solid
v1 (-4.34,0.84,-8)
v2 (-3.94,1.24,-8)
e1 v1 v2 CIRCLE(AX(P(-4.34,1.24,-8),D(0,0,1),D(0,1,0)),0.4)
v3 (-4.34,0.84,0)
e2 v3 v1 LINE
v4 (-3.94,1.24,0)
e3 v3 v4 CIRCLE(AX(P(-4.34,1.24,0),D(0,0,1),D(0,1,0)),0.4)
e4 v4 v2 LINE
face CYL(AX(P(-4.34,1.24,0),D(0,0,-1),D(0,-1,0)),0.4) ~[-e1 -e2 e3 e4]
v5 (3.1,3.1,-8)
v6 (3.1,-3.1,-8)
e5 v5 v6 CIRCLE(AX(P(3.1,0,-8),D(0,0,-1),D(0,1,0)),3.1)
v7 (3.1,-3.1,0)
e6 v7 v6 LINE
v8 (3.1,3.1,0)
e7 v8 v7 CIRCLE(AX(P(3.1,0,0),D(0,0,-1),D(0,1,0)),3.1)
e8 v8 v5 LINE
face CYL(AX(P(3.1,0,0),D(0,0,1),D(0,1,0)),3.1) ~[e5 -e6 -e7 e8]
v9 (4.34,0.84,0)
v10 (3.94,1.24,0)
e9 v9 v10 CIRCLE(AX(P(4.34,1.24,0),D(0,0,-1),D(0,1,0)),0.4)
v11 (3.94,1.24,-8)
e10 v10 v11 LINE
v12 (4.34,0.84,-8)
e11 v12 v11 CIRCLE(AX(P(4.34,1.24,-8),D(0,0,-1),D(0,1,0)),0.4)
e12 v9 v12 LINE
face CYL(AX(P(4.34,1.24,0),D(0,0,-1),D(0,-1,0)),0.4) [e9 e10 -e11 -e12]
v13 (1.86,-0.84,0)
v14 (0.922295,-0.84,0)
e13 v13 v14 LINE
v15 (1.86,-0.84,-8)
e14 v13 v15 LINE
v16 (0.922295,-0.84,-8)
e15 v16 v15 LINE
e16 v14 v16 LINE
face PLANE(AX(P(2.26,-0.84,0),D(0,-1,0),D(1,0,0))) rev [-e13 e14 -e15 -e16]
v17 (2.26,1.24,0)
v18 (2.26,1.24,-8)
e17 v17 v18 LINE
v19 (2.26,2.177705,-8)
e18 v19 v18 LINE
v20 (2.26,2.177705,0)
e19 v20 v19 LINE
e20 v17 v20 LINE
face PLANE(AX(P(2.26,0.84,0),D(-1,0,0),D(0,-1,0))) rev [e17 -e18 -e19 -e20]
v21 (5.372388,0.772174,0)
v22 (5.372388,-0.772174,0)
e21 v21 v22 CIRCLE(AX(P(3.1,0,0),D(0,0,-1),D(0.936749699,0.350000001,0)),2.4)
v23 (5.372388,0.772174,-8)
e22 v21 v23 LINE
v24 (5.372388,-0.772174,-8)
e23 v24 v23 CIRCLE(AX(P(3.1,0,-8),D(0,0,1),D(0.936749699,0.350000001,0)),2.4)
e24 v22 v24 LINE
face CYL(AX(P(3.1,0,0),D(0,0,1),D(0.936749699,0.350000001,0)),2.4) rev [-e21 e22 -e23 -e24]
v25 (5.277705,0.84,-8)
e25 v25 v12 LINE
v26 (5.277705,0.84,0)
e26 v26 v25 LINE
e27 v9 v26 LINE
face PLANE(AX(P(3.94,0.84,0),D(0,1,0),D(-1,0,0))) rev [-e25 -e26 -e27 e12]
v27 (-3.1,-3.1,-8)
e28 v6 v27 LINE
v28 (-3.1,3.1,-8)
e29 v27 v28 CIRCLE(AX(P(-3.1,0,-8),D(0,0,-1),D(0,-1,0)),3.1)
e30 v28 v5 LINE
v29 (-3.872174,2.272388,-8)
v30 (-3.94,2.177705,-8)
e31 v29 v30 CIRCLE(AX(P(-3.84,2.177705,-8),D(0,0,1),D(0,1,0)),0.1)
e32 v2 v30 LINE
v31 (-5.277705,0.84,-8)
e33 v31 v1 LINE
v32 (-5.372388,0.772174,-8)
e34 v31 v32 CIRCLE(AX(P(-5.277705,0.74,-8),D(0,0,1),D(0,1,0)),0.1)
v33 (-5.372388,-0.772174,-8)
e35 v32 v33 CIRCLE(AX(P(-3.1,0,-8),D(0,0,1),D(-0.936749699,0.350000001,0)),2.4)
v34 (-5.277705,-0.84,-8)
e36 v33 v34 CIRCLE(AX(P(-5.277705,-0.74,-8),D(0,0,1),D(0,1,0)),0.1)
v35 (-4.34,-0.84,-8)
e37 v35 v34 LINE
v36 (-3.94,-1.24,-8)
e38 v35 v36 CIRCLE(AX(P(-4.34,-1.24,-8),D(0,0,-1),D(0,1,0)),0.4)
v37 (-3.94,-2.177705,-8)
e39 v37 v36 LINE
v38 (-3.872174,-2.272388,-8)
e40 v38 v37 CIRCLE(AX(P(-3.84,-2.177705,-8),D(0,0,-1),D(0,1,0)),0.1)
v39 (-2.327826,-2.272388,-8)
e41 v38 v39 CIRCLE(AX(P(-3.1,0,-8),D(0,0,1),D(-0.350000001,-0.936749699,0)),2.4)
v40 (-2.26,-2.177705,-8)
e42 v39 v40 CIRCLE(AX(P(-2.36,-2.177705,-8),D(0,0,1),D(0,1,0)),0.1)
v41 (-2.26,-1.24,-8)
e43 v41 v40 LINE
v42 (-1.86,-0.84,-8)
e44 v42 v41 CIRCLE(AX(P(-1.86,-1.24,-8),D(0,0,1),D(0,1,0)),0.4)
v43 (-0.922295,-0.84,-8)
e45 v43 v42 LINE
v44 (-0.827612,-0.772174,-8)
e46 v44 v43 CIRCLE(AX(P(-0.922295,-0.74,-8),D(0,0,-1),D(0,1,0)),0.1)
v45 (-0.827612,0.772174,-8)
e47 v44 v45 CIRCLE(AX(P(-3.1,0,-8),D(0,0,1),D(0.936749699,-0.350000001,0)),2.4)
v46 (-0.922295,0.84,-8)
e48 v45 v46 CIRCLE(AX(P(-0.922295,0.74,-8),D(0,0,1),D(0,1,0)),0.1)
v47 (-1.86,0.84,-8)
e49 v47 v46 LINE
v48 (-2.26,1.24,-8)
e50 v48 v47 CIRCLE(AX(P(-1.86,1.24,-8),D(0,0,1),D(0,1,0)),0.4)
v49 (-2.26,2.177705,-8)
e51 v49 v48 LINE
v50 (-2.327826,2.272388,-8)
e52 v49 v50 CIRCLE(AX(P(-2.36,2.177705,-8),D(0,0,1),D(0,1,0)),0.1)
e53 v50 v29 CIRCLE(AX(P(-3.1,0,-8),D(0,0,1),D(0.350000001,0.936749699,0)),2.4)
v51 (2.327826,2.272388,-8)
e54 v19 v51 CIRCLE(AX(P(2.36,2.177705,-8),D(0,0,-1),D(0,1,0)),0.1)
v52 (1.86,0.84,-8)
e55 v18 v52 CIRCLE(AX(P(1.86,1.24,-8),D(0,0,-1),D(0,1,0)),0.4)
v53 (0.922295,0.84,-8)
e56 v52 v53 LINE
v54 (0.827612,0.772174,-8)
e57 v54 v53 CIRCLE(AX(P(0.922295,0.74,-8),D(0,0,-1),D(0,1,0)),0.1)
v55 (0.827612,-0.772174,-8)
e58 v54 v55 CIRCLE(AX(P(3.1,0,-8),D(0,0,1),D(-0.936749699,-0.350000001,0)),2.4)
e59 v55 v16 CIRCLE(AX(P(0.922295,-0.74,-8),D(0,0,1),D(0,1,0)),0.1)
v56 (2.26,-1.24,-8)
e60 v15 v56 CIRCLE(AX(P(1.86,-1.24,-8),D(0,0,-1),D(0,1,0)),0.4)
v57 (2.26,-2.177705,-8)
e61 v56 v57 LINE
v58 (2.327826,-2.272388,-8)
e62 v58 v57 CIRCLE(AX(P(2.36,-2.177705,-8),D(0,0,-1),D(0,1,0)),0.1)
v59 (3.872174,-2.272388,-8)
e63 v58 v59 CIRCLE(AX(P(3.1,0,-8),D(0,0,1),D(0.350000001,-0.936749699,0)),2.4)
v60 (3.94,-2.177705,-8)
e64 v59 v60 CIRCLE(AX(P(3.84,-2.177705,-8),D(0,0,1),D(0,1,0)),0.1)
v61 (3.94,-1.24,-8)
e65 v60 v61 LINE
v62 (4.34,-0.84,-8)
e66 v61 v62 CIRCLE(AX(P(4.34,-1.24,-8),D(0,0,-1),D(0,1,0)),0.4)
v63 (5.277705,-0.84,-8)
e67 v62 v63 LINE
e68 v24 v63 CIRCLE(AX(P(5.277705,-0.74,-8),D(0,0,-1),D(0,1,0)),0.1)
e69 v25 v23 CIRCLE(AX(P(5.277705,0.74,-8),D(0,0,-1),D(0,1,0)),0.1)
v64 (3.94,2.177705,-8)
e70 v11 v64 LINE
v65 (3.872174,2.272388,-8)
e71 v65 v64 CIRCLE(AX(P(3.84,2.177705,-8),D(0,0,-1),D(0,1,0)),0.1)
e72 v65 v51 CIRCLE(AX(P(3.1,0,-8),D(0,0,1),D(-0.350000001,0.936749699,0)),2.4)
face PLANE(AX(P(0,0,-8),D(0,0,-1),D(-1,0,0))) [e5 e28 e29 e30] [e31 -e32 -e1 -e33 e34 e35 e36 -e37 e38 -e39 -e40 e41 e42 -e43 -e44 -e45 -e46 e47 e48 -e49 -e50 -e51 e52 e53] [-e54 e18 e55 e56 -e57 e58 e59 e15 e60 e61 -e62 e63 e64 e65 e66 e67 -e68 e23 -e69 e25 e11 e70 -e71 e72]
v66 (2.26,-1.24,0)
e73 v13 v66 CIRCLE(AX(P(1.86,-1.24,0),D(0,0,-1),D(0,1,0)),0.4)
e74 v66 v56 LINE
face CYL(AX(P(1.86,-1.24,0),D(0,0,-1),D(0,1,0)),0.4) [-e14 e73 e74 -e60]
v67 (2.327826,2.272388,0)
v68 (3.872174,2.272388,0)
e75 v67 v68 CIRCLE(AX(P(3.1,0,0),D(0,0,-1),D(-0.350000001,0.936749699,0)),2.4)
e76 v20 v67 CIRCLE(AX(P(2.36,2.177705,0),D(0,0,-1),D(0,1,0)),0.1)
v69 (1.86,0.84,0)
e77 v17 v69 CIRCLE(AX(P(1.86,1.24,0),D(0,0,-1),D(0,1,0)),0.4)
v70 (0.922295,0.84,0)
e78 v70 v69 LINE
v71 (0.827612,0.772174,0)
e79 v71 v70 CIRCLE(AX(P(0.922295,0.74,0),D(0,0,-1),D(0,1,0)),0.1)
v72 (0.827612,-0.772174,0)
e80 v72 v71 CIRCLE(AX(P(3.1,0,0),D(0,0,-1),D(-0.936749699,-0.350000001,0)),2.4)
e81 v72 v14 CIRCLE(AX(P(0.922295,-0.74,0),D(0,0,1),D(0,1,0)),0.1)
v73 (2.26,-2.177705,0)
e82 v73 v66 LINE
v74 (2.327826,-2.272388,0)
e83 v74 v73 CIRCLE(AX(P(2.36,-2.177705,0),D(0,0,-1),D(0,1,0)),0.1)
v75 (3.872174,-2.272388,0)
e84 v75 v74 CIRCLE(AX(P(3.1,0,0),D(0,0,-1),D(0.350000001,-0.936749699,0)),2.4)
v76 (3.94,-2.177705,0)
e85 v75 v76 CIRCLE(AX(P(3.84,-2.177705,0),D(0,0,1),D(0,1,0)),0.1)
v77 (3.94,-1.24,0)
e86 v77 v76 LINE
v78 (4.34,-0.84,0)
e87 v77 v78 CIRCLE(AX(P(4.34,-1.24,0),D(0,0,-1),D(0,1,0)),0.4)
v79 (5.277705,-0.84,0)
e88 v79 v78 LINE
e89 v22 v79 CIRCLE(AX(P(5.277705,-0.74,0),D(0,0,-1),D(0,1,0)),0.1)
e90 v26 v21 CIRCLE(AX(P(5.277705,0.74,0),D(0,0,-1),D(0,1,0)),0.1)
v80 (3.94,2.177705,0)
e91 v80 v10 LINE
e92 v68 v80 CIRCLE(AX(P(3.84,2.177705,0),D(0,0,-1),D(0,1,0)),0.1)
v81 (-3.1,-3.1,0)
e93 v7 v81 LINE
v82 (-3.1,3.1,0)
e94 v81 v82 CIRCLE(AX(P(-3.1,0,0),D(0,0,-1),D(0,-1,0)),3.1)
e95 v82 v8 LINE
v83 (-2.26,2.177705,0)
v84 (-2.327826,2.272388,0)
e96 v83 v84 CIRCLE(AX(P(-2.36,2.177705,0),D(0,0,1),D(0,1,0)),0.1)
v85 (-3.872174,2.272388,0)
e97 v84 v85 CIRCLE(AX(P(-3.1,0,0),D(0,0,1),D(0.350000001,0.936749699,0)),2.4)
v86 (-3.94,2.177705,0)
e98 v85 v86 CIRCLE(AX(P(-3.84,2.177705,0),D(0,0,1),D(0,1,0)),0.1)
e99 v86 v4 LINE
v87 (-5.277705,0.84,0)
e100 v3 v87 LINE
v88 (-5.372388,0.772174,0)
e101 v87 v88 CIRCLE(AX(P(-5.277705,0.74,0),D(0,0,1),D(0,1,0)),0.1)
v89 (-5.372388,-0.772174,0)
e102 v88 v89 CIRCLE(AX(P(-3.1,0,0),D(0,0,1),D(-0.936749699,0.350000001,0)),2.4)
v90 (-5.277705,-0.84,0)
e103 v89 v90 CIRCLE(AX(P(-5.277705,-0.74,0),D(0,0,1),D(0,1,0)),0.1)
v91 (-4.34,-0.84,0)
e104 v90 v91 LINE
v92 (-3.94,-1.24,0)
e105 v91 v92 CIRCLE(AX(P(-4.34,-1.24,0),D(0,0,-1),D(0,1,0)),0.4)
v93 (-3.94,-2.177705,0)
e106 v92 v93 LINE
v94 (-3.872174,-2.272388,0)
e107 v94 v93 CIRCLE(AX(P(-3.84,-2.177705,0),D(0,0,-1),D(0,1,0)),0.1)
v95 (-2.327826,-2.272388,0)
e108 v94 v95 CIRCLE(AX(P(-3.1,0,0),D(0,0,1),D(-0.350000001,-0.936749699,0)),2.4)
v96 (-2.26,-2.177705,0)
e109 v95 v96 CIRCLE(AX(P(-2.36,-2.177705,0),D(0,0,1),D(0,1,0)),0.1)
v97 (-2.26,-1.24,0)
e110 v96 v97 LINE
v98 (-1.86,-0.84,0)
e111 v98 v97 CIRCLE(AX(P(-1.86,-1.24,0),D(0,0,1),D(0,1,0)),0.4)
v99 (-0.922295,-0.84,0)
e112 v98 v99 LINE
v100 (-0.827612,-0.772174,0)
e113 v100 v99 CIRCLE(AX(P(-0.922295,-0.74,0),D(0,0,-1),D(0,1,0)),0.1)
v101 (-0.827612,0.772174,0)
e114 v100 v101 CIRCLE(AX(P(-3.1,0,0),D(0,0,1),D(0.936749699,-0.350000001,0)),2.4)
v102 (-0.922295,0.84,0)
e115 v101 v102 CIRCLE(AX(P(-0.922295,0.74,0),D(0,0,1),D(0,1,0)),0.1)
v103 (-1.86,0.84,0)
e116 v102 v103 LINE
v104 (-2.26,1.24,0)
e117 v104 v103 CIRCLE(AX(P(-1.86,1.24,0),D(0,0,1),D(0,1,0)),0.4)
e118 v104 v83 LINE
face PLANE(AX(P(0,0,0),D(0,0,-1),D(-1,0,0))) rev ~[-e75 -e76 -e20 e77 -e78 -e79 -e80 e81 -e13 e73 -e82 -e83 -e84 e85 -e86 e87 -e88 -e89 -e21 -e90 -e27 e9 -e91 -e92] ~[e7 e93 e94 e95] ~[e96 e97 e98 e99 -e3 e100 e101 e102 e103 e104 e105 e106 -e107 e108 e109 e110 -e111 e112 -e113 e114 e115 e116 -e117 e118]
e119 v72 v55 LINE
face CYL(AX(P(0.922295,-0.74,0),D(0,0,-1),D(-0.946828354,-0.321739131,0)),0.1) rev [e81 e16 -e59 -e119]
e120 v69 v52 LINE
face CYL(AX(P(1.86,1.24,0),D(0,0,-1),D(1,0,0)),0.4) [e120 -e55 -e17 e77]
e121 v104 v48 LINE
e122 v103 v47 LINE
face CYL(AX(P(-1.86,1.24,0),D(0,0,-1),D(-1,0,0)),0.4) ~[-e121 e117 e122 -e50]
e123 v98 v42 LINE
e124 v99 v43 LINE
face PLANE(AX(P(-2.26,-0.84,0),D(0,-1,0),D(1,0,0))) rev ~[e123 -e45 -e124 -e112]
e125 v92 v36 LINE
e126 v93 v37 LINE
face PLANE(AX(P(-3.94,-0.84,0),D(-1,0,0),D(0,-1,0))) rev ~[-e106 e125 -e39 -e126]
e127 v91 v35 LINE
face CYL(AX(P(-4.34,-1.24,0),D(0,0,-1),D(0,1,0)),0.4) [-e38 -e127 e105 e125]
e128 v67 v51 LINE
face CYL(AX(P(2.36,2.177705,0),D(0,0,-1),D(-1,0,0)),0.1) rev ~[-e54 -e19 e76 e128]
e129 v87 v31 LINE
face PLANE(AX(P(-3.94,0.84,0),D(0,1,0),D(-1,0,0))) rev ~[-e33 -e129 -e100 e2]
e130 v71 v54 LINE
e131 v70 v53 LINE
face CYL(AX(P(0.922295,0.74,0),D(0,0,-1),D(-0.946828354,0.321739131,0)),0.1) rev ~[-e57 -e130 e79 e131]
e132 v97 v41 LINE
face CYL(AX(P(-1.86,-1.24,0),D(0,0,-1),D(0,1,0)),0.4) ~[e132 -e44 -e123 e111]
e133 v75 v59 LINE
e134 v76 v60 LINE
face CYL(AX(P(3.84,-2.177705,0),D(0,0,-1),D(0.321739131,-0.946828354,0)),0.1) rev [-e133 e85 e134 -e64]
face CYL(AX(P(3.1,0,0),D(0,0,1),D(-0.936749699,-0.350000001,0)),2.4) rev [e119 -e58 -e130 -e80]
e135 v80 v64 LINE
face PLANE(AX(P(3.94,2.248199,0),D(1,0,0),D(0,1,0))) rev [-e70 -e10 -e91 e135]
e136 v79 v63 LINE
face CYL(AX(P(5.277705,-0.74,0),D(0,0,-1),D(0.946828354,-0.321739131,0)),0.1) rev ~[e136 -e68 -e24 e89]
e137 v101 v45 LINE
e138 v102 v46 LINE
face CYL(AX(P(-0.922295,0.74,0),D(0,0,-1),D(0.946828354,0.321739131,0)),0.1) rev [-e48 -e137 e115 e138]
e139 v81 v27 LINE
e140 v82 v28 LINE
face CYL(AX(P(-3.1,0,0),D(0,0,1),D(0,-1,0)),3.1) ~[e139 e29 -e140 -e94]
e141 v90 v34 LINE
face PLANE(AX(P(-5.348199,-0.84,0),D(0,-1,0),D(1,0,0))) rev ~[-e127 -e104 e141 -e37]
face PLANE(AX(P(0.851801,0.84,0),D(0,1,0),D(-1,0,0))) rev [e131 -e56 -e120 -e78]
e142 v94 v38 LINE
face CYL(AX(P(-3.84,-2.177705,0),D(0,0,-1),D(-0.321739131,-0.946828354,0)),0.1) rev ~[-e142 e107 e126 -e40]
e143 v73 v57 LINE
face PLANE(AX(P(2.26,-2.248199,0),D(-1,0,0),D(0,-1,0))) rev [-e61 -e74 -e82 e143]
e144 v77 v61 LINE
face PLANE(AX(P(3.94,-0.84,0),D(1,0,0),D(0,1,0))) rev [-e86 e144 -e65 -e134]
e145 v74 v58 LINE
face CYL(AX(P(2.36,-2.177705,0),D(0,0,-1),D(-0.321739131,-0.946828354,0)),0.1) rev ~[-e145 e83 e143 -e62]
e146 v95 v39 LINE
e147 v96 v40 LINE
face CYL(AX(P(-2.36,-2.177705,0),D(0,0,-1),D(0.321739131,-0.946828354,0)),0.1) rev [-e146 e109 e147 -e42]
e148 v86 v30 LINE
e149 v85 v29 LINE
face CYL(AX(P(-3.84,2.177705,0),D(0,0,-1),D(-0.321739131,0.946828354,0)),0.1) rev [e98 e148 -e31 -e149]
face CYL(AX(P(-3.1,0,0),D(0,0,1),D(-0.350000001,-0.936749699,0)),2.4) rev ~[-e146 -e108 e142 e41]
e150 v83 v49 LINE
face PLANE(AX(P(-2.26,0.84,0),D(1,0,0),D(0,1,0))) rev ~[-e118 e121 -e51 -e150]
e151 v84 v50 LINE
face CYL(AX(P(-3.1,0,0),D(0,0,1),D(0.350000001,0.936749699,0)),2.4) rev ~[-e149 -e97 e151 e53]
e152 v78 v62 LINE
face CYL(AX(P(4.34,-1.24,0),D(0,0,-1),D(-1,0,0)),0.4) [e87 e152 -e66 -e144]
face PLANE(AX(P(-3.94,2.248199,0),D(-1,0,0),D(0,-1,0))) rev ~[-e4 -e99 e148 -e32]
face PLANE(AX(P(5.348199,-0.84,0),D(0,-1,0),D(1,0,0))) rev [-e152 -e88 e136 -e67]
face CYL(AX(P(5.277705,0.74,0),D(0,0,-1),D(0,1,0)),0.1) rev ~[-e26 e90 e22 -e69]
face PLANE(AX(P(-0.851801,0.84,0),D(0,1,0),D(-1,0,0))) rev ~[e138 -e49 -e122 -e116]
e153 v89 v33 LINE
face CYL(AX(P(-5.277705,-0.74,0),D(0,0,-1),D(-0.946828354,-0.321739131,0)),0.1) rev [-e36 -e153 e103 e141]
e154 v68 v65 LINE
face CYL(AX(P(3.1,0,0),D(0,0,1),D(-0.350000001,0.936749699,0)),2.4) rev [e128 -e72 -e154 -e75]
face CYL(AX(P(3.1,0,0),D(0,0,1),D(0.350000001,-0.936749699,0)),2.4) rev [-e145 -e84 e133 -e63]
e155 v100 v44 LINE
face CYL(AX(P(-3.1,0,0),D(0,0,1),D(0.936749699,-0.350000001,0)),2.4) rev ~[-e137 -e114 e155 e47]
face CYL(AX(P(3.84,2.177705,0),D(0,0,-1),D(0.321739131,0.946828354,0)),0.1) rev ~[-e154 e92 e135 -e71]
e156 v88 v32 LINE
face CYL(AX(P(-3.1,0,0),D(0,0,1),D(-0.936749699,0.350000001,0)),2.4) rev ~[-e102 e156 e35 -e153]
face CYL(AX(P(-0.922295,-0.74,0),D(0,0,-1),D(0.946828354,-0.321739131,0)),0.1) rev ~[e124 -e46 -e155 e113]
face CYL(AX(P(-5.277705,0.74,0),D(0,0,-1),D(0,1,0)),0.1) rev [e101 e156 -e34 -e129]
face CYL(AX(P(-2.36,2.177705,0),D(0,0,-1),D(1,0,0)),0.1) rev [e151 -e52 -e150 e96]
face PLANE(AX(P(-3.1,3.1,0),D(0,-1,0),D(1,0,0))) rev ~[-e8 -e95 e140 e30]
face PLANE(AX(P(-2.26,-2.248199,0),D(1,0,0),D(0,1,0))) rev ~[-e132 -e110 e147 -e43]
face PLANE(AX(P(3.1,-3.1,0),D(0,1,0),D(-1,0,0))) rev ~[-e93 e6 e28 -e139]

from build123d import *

# Parameters (mm, degrees)
BOSS_EXTRUDE1_DEPTH   = 8
CUT_EXTRUDE1_DEPTH    = 11.585367259
FILLET1_R             = 0.4
FILLET2_R             = 0.4
FILLET3_R             = 0.4
FILLET4_R             = 0.4
FILLET5_R             = 0.1
FILLET6_R             = 0.1
FILLET7_R             = 0.1
FILLET8_R             = 0.1
FILLET9_R             = 0.1
FILLET10_R            = 0.1
FILLET11_R            = 0.1
FILLET12_R            = 0.1
FILLET1_OF_MIRROR1_R  = 0.4
FILLET2_OF_MIRROR1_R  = 0.4
FILLET3_OF_MIRROR1_R  = 0.4
FILLET4_OF_MIRROR1_R  = 0.4
FILLET5_OF_MIRROR1_R  = 0.1
FILLET6_OF_MIRROR1_R  = 0.1
FILLET7_OF_MIRROR1_R  = 0.1
FILLET8_OF_MIRROR1_R  = 0.1
FILLET9_OF_MIRROR1_R  = 0.1
FILLET10_OF_MIRROR1_R = 0.1
FILLET11_OF_MIRROR1_R = 0.1
FILLET12_OF_MIRROR1_R = 0.1


with BuildPart() as part:
    # Sketch2 → Boss-Extrude1 (new body)
    with BuildSketch(Plane.XY):
        with BuildLine():
            Line((-3.1, 3.1), (3.1, 3.1))
            ThreePointArc((3.1, 3.1), (6.2, 0), (3.1, -3.1))
            Line((3.1, -3.1), (-3.1, -3.1))
            ThreePointArc((-3.1, -3.1), (-6.2, 0), (-3.1, 3.1))
        make_face()
    extrude(amount=-BOSS_EXTRUDE1_DEPTH)

    # Sketch4 → Cut-Extrude1 (cut, through all)
    with BuildSketch(Plane.XY):
        with BuildLine():
            Line((-3.94, -0.84), (-3.94, -2.248199279))
            ThreePointArc((-3.94, -2.248199279), (-3.1, -2.4), (-2.26, -2.248199279))
            Line((-2.26, -2.248199279), (-2.26, -0.84))
            Line((-2.26, -0.84), (-0.851800721, -0.84))
            ThreePointArc((-0.851800721, -0.84), (-0.7, 0), (-0.851800721, 0.84))
            Line((-0.851800721, 0.84), (-2.26, 0.84))
            Line((-2.26, 0.84), (-2.26, 2.248199279))
            ThreePointArc((-2.26, 2.248199279), (-3.1, 2.4), (-3.94, 2.248199279))
            Line((-3.94, 2.248199279), (-3.94, 0.84))
            Line((-3.94, 0.84), (-5.348199279, 0.84))
            ThreePointArc((-5.348199279, 0.84), (-5.5, 0), (-5.348199279, -0.84))
            Line((-5.348199279, -0.84), (-3.94, -0.84))
        make_face()
    cut_extrude1 = extrude(amount=-CUT_EXTRUDE1_DEPTH, mode=Mode.SUBTRACT)

    # Fillet1
    fillet1_edges = [part.edges().sort_by_distance(p)[0] for p in [
        (-3.94, -0.84, -4),
    ]]
    fillet(fillet1_edges, radius=FILLET1_R)

    # Fillet2
    fillet2_edges = [part.edges().sort_by_distance(p)[0] for p in [
        (-3.94, 0.84, -4),
    ]]
    fillet(fillet2_edges, radius=FILLET2_R)

    # Fillet3
    fillet3_edges = [part.edges().sort_by_distance(p)[0] for p in [
        (-2.26, 0.84, -4),
    ]]
    fillet(fillet3_edges, radius=FILLET3_R)

    # Fillet4
    fillet4_edges = [part.edges().sort_by_distance(p)[0] for p in [
        (-2.26, -0.84, -4),
    ]]
    fillet(fillet4_edges, radius=FILLET4_R)

    # Fillet5
    fillet5_edges = [part.edges().sort_by_distance(p)[0] for p in [
        (-3.94, -2.248199279, -4),
    ]]
    fillet(fillet5_edges, radius=FILLET5_R)

    # Fillet6
    fillet6_edges = [part.edges().sort_by_distance(p)[0] for p in [
        (-2.26, -2.248199279, -4),
    ]]
    fillet(fillet6_edges, radius=FILLET6_R)

    # Fillet7
    fillet7_edges = [part.edges().sort_by_distance(p)[0] for p in [
        (-0.851800721, 0.84, -4),
    ]]
    fillet(fillet7_edges, radius=FILLET7_R)

    # Fillet8
    fillet8_edges = [part.edges().sort_by_distance(p)[0] for p in [
        (-0.851800721, -0.84, -4),
    ]]
    fillet(fillet8_edges, radius=FILLET8_R)

    # Fillet9
    fillet9_edges = [part.edges().sort_by_distance(p)[0] for p in [
        (-2.26, 2.248199279, -4),
    ]]
    fillet(fillet9_edges, radius=FILLET9_R)

    # Fillet10
    fillet10_edges = [part.edges().sort_by_distance(p)[0] for p in [
        (-3.94, 2.248199279, -4),
    ]]
    fillet(fillet10_edges, radius=FILLET10_R)

    # Fillet11
    fillet11_edges = [part.edges().sort_by_distance(p)[0] for p in [
        (-5.348199279, 0.84, -4),
    ]]
    fillet(fillet11_edges, radius=FILLET11_R)

    # Fillet12
    fillet12_edges = [part.edges().sort_by_distance(p)[0] for p in [
        (-5.348199279, -0.84, -4),
    ]]
    fillet(fillet12_edges, radius=FILLET12_R)

    # Mirror1: Cut-Extrude1 across plane
    add(cut_extrude1.mirror(Plane(origin=(0, 0, 0), x_dir=(0, 0, 1), z_dir=(1, 0, 0))), mode=Mode.SUBTRACT)

    # Fillet1 of Mirror1
    fillet1_of_mirror1_edges = [part.edges().sort_by_distance(p)[0] for p in [
        (3.94, -0.84, -4),
    ]]
    fillet(fillet1_of_mirror1_edges, radius=FILLET1_OF_MIRROR1_R)

    # Fillet2 of Mirror1
    fillet2_of_mirror1_edges = [part.edges().sort_by_distance(p)[0] for p in [
        (3.94, 0.84, -4),
    ]]
    fillet(fillet2_of_mirror1_edges, radius=FILLET2_OF_MIRROR1_R)

    # Fillet3 of Mirror1
    fillet3_of_mirror1_edges = [part.edges().sort_by_distance(p)[0] for p in [
        (2.26, 0.84, -4),
    ]]
    fillet(fillet3_of_mirror1_edges, radius=FILLET3_OF_MIRROR1_R)

    # Fillet4 of Mirror1
    fillet4_of_mirror1_edges = [part.edges().sort_by_distance(p)[0] for p in [
        (2.26, -0.84, -4),
    ]]
    fillet(fillet4_of_mirror1_edges, radius=FILLET4_OF_MIRROR1_R)

    # Fillet5 of Mirror1
    fillet5_of_mirror1_edges = [part.edges().sort_by_distance(p)[0] for p in [
        (3.94, -2.248199279, -4),
    ]]
    fillet(fillet5_of_mirror1_edges, radius=FILLET5_OF_MIRROR1_R)

    # Fillet6 of Mirror1
    fillet6_of_mirror1_edges = [part.edges().sort_by_distance(p)[0] for p in [
        (2.26, -2.248199279, -4),
    ]]
    fillet(fillet6_of_mirror1_edges, radius=FILLET6_OF_MIRROR1_R)

    # Fillet7 of Mirror1
    fillet7_of_mirror1_edges = [part.edges().sort_by_distance(p)[0] for p in [
        (0.851800721, 0.84, -4),
    ]]
    fillet(fillet7_of_mirror1_edges, radius=FILLET7_OF_MIRROR1_R)

    # Fillet8 of Mirror1
    fillet8_of_mirror1_edges = [part.edges().sort_by_distance(p)[0] for p in [
        (0.851800721, -0.84, -4),
    ]]
    fillet(fillet8_of_mirror1_edges, radius=FILLET8_OF_MIRROR1_R)

    # Fillet9 of Mirror1
    fillet9_of_mirror1_edges = [part.edges().sort_by_distance(p)[0] for p in [
        (2.26, 2.248199279, -4),
    ]]
    fillet(fillet9_of_mirror1_edges, radius=FILLET9_OF_MIRROR1_R)

    # Fillet10 of Mirror1
    fillet10_of_mirror1_edges = [part.edges().sort_by_distance(p)[0] for p in [
        (3.94, 2.248199279, -4),
    ]]
    fillet(fillet10_of_mirror1_edges, radius=FILLET10_OF_MIRROR1_R)

    # Fillet11 of Mirror1
    fillet11_of_mirror1_edges = [part.edges().sort_by_distance(p)[0] for p in [
        (5.348199279, 0.84, -4),
    ]]
    fillet(fillet11_of_mirror1_edges, radius=FILLET11_OF_MIRROR1_R)

    # Fillet12 of Mirror1
    fillet12_of_mirror1_edges = [part.edges().sort_by_distance(p)[0] for p in [
        (5.348199279, -0.84, -4),
    ]]
    fillet(fillet12_of_mirror1_edges, radius=FILLET12_OF_MIRROR1_R)


solid = part.part
